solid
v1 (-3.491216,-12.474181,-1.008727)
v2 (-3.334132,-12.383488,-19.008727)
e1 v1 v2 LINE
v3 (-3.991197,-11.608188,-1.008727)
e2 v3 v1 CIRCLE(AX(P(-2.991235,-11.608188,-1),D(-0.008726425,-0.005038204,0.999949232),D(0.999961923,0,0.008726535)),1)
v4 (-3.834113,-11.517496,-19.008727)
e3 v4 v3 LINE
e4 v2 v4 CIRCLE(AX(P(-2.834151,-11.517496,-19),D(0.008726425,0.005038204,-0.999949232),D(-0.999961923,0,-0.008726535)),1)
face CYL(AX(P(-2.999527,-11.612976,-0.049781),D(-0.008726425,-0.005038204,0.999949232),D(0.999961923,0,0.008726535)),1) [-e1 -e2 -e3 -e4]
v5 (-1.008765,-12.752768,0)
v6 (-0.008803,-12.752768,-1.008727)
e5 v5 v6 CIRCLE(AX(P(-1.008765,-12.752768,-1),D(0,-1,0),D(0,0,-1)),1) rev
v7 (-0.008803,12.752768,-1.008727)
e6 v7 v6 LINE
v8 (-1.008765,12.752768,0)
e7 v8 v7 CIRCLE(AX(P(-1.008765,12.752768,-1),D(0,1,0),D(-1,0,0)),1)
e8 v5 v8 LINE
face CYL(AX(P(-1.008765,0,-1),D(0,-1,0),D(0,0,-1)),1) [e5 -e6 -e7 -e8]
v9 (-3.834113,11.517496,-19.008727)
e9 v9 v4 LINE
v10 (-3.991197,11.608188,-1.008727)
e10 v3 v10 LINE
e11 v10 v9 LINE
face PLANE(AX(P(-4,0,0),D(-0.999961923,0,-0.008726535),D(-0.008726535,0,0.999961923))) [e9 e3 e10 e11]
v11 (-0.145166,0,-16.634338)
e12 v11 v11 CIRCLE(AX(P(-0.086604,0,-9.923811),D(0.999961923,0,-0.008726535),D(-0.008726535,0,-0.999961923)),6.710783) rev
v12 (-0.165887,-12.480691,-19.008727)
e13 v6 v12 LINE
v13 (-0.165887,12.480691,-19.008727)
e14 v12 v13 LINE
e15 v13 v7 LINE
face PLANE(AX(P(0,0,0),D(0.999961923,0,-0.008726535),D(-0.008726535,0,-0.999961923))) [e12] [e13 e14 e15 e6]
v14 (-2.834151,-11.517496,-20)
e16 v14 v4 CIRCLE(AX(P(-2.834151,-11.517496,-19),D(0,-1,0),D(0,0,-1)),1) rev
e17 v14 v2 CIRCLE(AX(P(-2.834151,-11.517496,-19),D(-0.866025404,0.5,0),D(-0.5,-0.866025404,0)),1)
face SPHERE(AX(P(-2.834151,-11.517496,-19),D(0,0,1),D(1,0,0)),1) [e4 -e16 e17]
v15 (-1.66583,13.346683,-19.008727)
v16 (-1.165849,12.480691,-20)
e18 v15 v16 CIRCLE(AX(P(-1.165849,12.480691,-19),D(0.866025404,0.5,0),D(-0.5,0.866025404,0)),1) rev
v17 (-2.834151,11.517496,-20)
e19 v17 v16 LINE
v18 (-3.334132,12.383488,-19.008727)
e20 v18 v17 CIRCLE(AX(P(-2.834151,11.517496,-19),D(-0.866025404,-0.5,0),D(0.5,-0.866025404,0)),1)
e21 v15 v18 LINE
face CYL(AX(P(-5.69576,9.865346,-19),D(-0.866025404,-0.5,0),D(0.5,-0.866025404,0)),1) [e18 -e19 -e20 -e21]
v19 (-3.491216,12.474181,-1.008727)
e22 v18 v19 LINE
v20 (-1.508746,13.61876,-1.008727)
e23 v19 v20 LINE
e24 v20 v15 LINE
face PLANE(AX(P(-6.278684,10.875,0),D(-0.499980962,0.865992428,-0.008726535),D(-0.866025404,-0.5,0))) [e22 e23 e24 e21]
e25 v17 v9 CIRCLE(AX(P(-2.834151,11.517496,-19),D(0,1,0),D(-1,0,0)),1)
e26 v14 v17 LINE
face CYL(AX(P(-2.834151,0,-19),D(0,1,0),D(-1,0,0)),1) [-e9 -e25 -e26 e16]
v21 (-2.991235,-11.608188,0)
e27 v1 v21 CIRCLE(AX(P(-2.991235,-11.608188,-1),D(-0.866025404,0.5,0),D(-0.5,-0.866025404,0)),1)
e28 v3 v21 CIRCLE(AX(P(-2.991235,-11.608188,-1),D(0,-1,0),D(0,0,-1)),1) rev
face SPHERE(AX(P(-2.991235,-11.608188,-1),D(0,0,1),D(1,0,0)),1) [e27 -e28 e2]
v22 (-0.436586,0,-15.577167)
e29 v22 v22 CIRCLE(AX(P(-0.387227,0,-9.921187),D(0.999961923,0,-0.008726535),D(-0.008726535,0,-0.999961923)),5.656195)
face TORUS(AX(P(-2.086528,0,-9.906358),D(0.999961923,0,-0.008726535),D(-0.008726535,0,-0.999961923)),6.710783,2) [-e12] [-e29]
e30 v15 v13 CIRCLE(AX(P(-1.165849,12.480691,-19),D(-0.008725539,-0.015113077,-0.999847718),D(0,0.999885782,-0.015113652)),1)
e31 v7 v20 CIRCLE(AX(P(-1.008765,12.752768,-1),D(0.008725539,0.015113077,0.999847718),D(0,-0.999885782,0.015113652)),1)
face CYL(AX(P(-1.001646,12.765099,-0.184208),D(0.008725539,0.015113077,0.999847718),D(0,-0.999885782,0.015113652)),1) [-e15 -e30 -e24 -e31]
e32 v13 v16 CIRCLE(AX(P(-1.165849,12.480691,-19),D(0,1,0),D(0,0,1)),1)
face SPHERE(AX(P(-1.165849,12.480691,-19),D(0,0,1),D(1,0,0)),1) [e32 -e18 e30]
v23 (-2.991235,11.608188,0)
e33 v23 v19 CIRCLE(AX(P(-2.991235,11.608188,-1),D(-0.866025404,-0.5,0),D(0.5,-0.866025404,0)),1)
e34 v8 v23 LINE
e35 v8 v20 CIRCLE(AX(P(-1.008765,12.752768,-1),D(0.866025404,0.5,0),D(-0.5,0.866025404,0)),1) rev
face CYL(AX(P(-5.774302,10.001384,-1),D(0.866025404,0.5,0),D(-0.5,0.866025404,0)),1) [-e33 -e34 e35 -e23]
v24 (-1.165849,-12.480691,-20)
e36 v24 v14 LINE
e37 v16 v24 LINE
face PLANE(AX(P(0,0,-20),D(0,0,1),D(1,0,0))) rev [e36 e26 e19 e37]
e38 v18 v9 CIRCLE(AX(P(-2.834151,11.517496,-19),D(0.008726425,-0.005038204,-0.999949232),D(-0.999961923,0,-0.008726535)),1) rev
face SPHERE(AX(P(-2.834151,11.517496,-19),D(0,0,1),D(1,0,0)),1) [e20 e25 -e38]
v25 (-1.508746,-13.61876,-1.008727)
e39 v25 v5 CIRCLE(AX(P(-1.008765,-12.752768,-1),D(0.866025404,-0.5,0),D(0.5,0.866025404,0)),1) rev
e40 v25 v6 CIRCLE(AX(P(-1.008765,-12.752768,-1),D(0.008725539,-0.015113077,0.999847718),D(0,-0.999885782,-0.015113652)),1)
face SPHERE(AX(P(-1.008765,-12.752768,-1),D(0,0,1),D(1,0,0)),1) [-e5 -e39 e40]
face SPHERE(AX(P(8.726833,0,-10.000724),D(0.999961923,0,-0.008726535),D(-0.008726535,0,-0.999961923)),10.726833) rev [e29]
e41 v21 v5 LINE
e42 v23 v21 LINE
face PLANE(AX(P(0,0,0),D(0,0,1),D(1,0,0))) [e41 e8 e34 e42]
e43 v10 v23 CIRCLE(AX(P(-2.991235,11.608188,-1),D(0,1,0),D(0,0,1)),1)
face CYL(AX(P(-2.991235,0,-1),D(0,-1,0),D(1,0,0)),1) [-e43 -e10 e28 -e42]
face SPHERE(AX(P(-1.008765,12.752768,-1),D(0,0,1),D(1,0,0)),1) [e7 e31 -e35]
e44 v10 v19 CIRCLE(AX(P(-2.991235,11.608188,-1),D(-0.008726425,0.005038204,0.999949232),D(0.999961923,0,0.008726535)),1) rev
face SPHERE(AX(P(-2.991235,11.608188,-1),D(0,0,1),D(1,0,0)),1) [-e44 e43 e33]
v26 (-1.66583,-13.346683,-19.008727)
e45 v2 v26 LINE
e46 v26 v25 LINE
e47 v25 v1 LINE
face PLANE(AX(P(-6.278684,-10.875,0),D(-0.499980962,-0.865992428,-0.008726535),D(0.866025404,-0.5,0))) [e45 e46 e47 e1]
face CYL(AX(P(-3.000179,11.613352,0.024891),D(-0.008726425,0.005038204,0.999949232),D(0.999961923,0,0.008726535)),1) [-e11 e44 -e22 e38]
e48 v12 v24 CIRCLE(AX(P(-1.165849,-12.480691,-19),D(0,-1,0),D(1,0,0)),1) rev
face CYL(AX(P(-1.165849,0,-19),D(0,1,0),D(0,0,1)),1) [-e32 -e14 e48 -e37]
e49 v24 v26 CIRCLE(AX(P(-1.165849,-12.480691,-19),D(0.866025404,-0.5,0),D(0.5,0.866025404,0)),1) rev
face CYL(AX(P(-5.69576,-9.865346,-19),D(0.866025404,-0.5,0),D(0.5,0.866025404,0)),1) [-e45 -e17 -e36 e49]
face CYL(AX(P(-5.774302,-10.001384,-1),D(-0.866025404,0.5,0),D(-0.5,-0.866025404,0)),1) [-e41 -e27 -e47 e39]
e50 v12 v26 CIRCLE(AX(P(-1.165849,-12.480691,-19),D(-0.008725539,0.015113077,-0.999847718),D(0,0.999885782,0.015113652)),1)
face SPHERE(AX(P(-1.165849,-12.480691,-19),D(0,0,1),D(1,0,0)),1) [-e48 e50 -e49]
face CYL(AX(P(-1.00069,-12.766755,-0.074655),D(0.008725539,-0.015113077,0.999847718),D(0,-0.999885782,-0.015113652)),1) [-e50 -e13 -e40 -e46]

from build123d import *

# Parameters (mm, degrees)
BOSS_EXTRUDE1_DEPTH = 20
BOSS_EXTRUDE1_DRAFT = -0.5
FILLET1_R           = 1
FILLET2_R           = 2


with BuildPart() as part:
    # Sketch1 → Boss-Extrude1 (with draft: the straight prism first)
    with BuildSketch(Plane.XY):
        Polygon((-4, 12.190598923), (-4, -12.190598923), (0, -14.5), (0, 14.5), align=None)
    extrude(amount=-BOSS_EXTRUDE1_DEPTH)
    # Boss-Extrude1: the draft: its side faces are tilted about the plane it starts from
    boss_extrude1_sides = [part.faces().sort_by_distance(p)[0] for p in [
        (-4, 0, -10),
        (-2, -13.345299462, -10),
        (0, 0, -10),
        (-2, 13.345299462, -10),
    ]]
    draft(boss_extrude1_sides, Plane.XY, BOSS_EXTRUDE1_DRAFT)

    # Fillet1
    fillet1_edges = [part.edges().sort_by_distance(p)[0] for p in [
        (-2, 13.143761083, -20),
        (-3.825462644, 0, -20),
        (-2, -13.143761083, -20),
        (-4, 0, 0),
        (-2, 13.345299462, 0),
        (0, 0, 0),
        (-2, -13.345299462, 0),
        (-3.912731322, -12.140214329, -10),
        (-3.912731322, 12.140214329, -10),
        (-0.087268678, 14.348846216, -10),
        (-0.087268678, -14.348846216, -10),
        (-0.174537356, 0, -20),
    ]]
    fillet(fillet1_edges, radius=FILLET1_R)

    # Sketch2 → Cut-Revolve1 (revolve, cut)
    with BuildSketch(Plane(origin=(0, 0, 0), x_dir=(1, 0, 0), z_dir=(0, 1, 0))):
        with BuildLine():
            Line((8.726833455, 10.000724303), (8.726833455, -0.726109151))
            ThreePointArc((8.726833455, -0.726109151), (16.311850131, 2.415707627), (19.453666909, 10.000724303))
            ThreePointArc((19.453666909, 10.000724303), (16.311850131, 17.58574098), (8.726833455, 20.727557758))
            Line((8.726833455, 20.727557758), (8.726833455, 10.000724303))
        make_face()
    revolve(axis=Axis((8.726833455, 0, -20.727557758), (0, 0, 1)), mode=Mode.SUBTRACT)

    # Fillet2
    fillet2_edges = [part.edges().sort_by_distance(p)[0] for p in [
        (-0.139958798, 0, -16.037689693),
    ]]
    fillet(fillet2_edges, radius=FILLET2_R)


solid = part.part
